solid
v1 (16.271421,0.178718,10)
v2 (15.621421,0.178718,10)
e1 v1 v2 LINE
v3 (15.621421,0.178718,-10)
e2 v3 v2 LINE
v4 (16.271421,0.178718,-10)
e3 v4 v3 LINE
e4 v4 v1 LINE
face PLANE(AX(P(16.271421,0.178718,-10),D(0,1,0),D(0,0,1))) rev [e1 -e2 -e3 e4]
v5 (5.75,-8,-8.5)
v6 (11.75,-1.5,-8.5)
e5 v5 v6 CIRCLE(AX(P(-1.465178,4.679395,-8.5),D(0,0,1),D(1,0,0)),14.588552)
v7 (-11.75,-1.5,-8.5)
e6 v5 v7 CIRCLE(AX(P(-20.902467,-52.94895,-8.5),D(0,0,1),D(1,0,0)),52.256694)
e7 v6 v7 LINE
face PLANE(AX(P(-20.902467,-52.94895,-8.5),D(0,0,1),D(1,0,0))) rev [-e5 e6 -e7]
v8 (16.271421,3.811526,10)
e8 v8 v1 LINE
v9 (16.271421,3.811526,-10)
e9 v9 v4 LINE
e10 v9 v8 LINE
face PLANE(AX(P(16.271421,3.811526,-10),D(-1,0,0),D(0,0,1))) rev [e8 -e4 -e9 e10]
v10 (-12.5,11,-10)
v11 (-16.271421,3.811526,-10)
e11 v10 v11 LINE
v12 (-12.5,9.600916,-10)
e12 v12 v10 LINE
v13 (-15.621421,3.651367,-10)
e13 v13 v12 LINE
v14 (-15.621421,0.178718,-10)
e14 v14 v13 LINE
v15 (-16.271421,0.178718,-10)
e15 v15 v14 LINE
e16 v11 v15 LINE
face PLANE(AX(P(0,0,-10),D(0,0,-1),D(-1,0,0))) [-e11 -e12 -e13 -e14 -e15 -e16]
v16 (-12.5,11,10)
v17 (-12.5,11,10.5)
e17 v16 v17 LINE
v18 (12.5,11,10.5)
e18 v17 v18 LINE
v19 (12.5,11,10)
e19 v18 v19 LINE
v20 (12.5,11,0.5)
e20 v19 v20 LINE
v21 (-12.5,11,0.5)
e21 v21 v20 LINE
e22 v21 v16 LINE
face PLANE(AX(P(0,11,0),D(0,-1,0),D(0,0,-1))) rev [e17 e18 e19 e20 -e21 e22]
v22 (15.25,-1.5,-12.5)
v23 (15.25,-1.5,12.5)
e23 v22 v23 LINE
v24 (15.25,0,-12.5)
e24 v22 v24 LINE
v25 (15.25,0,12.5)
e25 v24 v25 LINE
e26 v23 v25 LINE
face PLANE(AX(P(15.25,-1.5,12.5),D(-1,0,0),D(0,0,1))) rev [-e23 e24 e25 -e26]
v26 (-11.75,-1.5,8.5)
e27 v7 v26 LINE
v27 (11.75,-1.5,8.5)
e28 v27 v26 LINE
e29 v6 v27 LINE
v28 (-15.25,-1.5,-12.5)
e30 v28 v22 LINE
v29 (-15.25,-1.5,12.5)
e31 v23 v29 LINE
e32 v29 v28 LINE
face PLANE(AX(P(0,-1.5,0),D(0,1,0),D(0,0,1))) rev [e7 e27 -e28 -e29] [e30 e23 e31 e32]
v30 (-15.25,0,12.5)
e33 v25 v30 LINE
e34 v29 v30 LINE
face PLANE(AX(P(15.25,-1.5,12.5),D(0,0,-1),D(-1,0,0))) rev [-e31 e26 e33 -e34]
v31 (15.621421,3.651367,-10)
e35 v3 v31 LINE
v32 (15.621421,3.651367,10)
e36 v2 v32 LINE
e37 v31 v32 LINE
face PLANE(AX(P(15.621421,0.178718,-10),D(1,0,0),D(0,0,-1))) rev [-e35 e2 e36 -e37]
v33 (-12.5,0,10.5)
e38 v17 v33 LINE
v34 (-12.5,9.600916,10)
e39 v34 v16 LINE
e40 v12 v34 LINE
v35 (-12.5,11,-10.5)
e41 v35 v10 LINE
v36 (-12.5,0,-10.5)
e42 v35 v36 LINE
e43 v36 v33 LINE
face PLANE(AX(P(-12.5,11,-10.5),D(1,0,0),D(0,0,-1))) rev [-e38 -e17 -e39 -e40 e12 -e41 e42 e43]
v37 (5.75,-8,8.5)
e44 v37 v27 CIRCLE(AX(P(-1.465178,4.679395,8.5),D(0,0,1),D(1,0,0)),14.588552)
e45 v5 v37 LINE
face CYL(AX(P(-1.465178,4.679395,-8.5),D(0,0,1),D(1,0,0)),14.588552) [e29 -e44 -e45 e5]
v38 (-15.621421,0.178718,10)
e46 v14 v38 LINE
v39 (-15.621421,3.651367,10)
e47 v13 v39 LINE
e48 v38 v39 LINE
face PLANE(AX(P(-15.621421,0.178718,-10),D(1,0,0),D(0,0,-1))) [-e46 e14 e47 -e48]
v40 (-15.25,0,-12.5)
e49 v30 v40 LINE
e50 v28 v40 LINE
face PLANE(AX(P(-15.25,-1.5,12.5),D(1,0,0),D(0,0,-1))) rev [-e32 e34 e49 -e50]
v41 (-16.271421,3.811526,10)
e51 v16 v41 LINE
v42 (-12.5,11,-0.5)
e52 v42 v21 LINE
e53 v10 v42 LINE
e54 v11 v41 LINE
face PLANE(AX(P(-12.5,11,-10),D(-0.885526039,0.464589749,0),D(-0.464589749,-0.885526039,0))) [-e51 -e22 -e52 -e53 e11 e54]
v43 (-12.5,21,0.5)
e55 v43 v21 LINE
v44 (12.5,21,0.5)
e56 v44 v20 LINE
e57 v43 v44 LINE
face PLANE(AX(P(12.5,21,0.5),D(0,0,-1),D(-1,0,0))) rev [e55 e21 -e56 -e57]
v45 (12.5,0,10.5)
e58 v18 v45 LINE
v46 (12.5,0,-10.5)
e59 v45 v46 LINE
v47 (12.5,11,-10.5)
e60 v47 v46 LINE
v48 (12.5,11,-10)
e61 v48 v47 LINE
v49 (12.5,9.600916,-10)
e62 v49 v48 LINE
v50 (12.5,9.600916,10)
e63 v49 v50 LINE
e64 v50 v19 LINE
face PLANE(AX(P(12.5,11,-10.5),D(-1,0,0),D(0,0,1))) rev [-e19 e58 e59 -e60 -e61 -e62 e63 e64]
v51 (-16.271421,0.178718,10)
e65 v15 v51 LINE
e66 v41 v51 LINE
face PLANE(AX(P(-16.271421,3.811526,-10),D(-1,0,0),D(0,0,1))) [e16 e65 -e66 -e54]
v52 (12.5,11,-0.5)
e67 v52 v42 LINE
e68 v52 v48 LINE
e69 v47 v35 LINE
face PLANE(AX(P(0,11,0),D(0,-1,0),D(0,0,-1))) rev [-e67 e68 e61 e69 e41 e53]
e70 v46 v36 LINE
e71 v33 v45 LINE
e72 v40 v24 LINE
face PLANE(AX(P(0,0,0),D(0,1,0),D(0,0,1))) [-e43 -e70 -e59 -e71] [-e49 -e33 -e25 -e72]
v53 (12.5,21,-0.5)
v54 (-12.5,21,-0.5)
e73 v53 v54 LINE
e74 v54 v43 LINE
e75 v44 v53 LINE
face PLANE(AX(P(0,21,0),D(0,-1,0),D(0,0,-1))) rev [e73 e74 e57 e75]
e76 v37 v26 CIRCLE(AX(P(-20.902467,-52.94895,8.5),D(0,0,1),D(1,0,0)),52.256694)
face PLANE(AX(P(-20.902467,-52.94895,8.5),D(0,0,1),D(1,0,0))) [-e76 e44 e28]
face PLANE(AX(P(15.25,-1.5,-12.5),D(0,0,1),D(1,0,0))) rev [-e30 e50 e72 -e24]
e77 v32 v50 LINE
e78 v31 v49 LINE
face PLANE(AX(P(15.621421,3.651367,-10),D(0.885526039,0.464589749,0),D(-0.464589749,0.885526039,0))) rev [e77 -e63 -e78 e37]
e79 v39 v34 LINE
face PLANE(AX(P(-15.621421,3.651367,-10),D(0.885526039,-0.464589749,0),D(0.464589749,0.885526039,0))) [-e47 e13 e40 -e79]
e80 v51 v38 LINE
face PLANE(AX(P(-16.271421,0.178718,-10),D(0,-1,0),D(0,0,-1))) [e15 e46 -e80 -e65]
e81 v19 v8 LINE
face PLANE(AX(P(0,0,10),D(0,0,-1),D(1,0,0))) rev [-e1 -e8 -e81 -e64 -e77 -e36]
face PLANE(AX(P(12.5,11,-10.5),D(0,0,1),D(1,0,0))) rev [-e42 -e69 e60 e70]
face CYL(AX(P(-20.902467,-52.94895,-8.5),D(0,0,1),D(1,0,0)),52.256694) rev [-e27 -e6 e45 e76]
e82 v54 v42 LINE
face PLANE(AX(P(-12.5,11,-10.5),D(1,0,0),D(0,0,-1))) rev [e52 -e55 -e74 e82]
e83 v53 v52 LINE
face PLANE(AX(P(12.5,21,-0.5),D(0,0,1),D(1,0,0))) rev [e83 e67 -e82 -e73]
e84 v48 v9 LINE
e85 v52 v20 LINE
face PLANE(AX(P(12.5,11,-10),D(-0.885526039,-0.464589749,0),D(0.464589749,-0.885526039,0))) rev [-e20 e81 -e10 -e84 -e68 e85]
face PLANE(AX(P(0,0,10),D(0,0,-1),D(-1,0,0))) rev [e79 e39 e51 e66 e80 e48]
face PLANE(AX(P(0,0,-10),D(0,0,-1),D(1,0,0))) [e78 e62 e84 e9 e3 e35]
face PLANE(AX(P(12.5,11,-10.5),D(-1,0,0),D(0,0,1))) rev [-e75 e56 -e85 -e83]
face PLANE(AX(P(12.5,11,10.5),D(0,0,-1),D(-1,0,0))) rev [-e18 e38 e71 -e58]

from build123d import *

# Parameters (mm, degrees)
SKETCH1_W                = 25
SKETCH1_H                = 21
BOSS_EXTRUDE1_DEPTH      = 11
SKETCH2_W                = 25
SKETCH2_H                = 1
BOSS_EXTRUDE2_DEPTH      = 10
BOSS_EXTRUDE3_DEPTH      = 10
SKETCH4_W                = 30.5
SKETCH4_H                = 25
BOSS_EXTRUDE4_DEPTH      = 1.5
BOSS_EXTRUDE5_DEPTH      = 8.5
BOSS_EXTRUDE5_DEPTH_BACK = 8.5


with BuildPart() as part:
    # Sketch1 → Boss-Extrude1 (new body)
    with BuildSketch(Plane(origin=(0, 0, 0), x_dir=(1, 0, 0), z_dir=(0, 1, 0))):
        Rectangle(SKETCH1_W, SKETCH1_H)
    extrude(amount=BOSS_EXTRUDE1_DEPTH)

    # Sketch2 → Boss-Extrude2 (add)
    with BuildSketch(Plane(origin=(0, 11, 0), x_dir=(1, 0, 0), z_dir=(0, 1, 0))):
        Rectangle(SKETCH2_W, SKETCH2_H)
    extrude(amount=BOSS_EXTRUDE2_DEPTH)

    # Sketch3 → Boss-Extrude3 (add, symmetric)
    with BuildSketch(Plane.XY):
        Polygon((-12.5, 11), (-16.271420935, 3.81152577), (-16.271420935, 0.178717712), (-15.621420935, 0.178717712), (-15.621420935, 3.651367103), (-12.5, 9.600916182), align=None)
    boss_extrude3 = extrude(amount=BOSS_EXTRUDE3_DEPTH, both=True)

    # Mirror1: Boss-Extrude3 across plane
    add(boss_extrude3.mirror(Plane(origin=(0, 0, 0), x_dir=(0, 0, 1), z_dir=(1, 0, 0))))

    # Sketch4 → Boss-Extrude4 (add)
    with BuildSketch(Plane.XZ):
        Rectangle(SKETCH4_W, SKETCH4_H)
    extrude(amount=BOSS_EXTRUDE4_DEPTH)

    # Sketch5 → Boss-Extrude5 (add, two sides: drawn at the far end of the back side and taken through both)
    with BuildSketch(Plane.XY.offset(-BOSS_EXTRUDE5_DEPTH_BACK)):
        with BuildLine():
            Line((11.75, -1.5), (-11.75, -1.5))
            ThreePointArc((-11.75, -1.5), (-2.707390064, -3.962204019), (5.75, -8))
            ThreePointArc((5.75, -8), (9.254540353, -5.215729557), (11.75, -1.5))
        make_face()
    extrude(amount=BOSS_EXTRUDE5_DEPTH + BOSS_EXTRUDE5_DEPTH_BACK)


solid = part.part
